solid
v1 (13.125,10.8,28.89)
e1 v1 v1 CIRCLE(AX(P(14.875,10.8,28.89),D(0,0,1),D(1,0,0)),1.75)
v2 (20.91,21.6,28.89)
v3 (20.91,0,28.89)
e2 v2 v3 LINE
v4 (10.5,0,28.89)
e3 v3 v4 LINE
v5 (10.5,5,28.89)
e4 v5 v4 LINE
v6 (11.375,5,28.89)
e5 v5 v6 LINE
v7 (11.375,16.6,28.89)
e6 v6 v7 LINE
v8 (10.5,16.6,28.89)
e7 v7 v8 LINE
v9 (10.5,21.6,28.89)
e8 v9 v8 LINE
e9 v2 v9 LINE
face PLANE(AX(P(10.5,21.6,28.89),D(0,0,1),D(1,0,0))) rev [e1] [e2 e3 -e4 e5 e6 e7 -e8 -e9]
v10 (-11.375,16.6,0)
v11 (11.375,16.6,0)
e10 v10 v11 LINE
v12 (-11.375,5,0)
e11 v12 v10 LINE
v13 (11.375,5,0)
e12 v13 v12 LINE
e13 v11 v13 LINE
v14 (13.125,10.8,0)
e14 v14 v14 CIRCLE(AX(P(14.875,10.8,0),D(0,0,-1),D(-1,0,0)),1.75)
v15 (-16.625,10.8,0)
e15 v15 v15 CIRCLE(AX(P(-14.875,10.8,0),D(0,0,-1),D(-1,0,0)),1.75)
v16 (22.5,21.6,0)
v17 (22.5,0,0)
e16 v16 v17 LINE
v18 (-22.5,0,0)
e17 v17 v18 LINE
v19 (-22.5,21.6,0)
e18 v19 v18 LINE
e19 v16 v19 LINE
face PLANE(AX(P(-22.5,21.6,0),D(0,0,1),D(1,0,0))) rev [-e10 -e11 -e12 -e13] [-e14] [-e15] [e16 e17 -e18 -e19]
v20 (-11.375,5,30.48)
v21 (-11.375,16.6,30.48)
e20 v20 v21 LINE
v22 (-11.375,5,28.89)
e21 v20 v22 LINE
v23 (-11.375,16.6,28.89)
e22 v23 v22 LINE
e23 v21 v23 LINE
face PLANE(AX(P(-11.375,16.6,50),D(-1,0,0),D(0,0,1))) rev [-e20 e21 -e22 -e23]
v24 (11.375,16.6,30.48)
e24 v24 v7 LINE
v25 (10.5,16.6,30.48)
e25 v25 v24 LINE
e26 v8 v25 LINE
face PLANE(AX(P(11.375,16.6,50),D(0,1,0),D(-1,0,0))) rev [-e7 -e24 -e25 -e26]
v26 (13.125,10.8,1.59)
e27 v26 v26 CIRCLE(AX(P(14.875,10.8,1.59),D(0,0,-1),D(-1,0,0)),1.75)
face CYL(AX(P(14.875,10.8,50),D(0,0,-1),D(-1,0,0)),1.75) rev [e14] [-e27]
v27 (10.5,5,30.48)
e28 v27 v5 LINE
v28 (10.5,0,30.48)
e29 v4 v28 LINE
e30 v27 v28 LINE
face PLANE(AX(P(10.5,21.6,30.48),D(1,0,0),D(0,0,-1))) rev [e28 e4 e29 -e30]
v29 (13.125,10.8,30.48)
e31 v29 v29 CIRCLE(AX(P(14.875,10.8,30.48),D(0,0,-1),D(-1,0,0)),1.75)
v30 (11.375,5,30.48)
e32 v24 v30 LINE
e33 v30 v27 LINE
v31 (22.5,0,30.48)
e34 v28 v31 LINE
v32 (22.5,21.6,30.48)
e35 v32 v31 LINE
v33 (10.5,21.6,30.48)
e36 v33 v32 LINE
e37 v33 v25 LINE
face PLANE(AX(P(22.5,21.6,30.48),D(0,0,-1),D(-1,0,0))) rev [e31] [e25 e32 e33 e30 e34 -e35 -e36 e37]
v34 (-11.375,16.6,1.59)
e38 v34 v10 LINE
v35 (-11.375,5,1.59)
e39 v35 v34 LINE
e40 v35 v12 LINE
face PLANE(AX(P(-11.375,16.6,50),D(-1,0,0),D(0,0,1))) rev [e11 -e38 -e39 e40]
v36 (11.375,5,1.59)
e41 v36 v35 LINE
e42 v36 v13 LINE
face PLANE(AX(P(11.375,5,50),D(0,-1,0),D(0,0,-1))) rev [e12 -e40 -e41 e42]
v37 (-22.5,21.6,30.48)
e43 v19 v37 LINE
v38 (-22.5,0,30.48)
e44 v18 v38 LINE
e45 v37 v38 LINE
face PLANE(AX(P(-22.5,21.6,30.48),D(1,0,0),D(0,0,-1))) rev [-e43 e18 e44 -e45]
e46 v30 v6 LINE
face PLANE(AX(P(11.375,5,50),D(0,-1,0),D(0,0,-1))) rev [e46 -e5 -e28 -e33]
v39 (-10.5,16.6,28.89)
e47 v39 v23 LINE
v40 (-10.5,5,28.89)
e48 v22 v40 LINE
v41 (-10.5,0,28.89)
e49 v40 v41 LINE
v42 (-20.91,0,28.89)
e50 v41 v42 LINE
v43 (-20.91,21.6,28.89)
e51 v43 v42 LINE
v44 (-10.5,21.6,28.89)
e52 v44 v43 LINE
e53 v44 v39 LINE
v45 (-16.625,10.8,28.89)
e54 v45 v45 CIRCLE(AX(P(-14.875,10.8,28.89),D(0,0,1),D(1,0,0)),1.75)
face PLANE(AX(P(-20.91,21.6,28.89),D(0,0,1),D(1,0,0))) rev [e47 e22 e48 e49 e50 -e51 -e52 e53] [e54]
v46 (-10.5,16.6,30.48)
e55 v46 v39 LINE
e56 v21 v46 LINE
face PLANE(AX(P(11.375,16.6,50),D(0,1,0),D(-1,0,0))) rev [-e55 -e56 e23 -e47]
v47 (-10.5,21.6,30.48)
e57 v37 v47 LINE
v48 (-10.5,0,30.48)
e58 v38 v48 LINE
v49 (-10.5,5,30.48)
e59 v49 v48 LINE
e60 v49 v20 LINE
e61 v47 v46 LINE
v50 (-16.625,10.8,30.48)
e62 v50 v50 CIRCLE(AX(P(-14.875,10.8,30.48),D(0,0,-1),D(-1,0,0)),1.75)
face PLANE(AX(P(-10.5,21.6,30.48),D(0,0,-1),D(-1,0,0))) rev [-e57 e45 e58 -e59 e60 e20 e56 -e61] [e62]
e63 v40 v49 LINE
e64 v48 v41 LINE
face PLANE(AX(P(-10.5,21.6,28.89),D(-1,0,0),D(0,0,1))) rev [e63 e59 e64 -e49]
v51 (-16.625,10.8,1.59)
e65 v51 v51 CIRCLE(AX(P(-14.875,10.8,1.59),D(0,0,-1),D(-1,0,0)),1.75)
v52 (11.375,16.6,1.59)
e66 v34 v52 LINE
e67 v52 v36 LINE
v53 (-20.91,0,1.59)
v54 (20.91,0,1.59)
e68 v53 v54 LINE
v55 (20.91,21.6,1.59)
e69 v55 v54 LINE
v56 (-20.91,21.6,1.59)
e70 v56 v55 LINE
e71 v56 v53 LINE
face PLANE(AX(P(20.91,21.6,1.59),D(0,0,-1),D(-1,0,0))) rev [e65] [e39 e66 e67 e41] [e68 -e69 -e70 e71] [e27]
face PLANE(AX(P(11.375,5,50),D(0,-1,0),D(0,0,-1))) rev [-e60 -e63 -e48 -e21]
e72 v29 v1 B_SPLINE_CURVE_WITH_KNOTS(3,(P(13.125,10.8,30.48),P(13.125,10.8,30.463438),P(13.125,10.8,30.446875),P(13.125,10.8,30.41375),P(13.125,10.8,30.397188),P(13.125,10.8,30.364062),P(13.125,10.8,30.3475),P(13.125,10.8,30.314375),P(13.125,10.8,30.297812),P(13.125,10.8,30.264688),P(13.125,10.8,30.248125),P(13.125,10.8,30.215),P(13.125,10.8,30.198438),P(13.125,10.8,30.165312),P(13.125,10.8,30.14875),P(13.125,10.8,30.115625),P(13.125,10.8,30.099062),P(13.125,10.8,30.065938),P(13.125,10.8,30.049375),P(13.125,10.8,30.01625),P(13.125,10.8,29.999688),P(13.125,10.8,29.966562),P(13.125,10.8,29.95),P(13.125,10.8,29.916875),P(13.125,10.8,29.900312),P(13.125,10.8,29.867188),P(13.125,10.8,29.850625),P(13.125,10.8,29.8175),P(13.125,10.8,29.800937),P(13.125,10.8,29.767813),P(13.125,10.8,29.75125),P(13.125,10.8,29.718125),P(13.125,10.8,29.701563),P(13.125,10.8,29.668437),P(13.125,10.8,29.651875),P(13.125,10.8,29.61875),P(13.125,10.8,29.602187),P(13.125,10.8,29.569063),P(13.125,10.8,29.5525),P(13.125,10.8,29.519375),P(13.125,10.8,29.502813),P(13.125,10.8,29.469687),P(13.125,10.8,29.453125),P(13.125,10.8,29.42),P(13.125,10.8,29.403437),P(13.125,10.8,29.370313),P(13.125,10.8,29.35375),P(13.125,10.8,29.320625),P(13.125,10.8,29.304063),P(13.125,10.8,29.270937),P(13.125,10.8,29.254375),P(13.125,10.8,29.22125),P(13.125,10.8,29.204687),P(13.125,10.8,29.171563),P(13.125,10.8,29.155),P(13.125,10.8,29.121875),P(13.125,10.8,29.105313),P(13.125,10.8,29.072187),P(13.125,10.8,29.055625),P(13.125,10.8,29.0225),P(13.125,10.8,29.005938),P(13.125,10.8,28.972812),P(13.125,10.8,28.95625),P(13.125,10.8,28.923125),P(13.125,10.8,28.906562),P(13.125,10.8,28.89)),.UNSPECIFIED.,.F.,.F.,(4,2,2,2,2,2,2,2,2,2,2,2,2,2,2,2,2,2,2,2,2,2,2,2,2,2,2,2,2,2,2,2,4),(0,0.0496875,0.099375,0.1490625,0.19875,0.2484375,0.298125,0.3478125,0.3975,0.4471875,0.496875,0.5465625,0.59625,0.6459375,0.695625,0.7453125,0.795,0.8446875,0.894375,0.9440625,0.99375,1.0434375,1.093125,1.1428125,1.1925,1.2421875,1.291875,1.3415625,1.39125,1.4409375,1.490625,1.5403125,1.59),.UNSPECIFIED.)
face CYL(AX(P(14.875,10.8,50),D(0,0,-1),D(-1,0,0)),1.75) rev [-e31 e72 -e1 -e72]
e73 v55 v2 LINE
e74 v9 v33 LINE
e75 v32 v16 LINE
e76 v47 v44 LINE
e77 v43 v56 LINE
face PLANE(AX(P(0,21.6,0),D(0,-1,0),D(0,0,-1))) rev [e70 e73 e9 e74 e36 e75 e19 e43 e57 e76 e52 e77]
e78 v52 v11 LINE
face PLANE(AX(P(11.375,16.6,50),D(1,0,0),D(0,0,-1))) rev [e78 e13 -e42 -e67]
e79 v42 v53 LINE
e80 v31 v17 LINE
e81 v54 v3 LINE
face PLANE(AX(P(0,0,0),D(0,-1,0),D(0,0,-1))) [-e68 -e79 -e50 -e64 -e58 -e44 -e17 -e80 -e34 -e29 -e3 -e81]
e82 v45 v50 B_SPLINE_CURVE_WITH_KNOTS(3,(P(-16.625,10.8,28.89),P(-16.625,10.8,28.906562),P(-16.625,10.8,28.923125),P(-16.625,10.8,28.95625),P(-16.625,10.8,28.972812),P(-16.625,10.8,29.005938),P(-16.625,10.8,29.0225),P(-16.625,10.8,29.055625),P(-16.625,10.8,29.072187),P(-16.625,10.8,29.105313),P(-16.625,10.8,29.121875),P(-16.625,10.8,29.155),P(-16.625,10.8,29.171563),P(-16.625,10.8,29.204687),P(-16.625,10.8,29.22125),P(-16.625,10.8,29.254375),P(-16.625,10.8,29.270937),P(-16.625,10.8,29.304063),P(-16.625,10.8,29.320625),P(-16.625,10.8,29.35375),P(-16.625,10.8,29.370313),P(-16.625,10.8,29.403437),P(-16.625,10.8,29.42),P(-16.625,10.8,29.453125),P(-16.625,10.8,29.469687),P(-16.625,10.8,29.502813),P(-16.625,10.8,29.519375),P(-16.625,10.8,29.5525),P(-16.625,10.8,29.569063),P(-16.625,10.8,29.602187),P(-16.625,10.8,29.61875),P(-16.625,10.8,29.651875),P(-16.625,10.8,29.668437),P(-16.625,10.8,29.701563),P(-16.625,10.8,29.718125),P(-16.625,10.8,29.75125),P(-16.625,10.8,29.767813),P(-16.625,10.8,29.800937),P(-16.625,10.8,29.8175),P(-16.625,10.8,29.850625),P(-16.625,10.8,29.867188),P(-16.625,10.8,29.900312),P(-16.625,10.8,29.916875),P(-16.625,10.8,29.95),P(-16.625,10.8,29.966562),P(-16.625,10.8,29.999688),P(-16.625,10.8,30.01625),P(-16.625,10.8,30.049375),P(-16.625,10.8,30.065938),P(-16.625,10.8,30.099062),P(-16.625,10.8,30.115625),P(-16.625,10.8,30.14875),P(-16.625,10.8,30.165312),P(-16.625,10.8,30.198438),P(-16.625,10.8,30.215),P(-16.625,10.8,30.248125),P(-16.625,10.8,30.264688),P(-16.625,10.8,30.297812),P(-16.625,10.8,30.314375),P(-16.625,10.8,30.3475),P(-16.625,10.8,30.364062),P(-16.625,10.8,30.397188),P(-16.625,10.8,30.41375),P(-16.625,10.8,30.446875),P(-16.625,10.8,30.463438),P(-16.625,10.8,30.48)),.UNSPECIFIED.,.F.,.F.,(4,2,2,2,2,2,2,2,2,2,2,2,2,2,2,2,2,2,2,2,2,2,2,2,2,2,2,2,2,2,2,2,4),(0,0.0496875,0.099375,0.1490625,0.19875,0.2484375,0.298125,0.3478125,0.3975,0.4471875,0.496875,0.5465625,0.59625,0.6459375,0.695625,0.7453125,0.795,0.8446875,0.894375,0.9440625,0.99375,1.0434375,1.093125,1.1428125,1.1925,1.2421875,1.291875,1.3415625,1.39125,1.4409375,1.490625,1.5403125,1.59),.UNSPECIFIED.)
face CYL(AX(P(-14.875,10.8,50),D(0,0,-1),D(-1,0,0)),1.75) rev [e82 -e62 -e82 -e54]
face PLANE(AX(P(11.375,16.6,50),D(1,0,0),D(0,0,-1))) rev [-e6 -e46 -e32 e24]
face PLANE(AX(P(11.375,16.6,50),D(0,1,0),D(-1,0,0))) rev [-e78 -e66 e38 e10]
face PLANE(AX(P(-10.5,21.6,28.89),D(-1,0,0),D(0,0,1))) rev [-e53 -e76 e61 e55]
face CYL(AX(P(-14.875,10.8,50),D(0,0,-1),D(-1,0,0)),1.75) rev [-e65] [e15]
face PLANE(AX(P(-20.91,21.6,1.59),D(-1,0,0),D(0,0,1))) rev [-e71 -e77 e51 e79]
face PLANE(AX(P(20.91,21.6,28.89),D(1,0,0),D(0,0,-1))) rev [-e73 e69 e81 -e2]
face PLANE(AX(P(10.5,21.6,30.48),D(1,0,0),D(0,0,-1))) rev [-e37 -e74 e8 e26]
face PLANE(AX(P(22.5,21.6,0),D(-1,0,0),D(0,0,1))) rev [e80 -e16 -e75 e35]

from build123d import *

# Parameters (mm, degrees)
BOSS_EXTRUDE1_DEPTH = 21.6
SKETCH4_R           = 1.75
SKETCH4_W           = 22.75
SKETCH4_H           = 11.6
CUT_EXTRUDE2_DEPTH  = 50


with BuildPart() as part:
    # Sketch2 → Boss-Extrude1 (new body)
    with BuildSketch(Plane(origin=(0, 0, 0), x_dir=(1, 0, 0), z_dir=(0, 1, 0))):
        Polygon((-22.5, 0), (22.5, 0), (22.5, -30.48), (10.5, -30.48), (10.5, -28.89), (20.91, -28.89), (20.91, -1.59), (-20.91, -1.59), (-20.91, -28.89), (-10.5, -28.89), (-10.5, -30.48), (-22.5, -30.48), align=None)
    extrude(amount=BOSS_EXTRUDE1_DEPTH)

    # Sketch4 → Cut-Extrude2 (cut)
    with BuildSketch(Plane(origin=(0, 0, 0), x_dir=(-1, 0, 0), z_dir=(0, 0, -1))):
        with Locations((-14.875, 10.8)):
            Circle(SKETCH4_R)
        with Locations((14.875, 10.8)):
            Circle(SKETCH4_R)
        with Locations((0, 10.8)):
            Rectangle(SKETCH4_W, SKETCH4_H)
    extrude(amount=-CUT_EXTRUDE2_DEPTH, mode=Mode.SUBTRACT)


solid = part.part
